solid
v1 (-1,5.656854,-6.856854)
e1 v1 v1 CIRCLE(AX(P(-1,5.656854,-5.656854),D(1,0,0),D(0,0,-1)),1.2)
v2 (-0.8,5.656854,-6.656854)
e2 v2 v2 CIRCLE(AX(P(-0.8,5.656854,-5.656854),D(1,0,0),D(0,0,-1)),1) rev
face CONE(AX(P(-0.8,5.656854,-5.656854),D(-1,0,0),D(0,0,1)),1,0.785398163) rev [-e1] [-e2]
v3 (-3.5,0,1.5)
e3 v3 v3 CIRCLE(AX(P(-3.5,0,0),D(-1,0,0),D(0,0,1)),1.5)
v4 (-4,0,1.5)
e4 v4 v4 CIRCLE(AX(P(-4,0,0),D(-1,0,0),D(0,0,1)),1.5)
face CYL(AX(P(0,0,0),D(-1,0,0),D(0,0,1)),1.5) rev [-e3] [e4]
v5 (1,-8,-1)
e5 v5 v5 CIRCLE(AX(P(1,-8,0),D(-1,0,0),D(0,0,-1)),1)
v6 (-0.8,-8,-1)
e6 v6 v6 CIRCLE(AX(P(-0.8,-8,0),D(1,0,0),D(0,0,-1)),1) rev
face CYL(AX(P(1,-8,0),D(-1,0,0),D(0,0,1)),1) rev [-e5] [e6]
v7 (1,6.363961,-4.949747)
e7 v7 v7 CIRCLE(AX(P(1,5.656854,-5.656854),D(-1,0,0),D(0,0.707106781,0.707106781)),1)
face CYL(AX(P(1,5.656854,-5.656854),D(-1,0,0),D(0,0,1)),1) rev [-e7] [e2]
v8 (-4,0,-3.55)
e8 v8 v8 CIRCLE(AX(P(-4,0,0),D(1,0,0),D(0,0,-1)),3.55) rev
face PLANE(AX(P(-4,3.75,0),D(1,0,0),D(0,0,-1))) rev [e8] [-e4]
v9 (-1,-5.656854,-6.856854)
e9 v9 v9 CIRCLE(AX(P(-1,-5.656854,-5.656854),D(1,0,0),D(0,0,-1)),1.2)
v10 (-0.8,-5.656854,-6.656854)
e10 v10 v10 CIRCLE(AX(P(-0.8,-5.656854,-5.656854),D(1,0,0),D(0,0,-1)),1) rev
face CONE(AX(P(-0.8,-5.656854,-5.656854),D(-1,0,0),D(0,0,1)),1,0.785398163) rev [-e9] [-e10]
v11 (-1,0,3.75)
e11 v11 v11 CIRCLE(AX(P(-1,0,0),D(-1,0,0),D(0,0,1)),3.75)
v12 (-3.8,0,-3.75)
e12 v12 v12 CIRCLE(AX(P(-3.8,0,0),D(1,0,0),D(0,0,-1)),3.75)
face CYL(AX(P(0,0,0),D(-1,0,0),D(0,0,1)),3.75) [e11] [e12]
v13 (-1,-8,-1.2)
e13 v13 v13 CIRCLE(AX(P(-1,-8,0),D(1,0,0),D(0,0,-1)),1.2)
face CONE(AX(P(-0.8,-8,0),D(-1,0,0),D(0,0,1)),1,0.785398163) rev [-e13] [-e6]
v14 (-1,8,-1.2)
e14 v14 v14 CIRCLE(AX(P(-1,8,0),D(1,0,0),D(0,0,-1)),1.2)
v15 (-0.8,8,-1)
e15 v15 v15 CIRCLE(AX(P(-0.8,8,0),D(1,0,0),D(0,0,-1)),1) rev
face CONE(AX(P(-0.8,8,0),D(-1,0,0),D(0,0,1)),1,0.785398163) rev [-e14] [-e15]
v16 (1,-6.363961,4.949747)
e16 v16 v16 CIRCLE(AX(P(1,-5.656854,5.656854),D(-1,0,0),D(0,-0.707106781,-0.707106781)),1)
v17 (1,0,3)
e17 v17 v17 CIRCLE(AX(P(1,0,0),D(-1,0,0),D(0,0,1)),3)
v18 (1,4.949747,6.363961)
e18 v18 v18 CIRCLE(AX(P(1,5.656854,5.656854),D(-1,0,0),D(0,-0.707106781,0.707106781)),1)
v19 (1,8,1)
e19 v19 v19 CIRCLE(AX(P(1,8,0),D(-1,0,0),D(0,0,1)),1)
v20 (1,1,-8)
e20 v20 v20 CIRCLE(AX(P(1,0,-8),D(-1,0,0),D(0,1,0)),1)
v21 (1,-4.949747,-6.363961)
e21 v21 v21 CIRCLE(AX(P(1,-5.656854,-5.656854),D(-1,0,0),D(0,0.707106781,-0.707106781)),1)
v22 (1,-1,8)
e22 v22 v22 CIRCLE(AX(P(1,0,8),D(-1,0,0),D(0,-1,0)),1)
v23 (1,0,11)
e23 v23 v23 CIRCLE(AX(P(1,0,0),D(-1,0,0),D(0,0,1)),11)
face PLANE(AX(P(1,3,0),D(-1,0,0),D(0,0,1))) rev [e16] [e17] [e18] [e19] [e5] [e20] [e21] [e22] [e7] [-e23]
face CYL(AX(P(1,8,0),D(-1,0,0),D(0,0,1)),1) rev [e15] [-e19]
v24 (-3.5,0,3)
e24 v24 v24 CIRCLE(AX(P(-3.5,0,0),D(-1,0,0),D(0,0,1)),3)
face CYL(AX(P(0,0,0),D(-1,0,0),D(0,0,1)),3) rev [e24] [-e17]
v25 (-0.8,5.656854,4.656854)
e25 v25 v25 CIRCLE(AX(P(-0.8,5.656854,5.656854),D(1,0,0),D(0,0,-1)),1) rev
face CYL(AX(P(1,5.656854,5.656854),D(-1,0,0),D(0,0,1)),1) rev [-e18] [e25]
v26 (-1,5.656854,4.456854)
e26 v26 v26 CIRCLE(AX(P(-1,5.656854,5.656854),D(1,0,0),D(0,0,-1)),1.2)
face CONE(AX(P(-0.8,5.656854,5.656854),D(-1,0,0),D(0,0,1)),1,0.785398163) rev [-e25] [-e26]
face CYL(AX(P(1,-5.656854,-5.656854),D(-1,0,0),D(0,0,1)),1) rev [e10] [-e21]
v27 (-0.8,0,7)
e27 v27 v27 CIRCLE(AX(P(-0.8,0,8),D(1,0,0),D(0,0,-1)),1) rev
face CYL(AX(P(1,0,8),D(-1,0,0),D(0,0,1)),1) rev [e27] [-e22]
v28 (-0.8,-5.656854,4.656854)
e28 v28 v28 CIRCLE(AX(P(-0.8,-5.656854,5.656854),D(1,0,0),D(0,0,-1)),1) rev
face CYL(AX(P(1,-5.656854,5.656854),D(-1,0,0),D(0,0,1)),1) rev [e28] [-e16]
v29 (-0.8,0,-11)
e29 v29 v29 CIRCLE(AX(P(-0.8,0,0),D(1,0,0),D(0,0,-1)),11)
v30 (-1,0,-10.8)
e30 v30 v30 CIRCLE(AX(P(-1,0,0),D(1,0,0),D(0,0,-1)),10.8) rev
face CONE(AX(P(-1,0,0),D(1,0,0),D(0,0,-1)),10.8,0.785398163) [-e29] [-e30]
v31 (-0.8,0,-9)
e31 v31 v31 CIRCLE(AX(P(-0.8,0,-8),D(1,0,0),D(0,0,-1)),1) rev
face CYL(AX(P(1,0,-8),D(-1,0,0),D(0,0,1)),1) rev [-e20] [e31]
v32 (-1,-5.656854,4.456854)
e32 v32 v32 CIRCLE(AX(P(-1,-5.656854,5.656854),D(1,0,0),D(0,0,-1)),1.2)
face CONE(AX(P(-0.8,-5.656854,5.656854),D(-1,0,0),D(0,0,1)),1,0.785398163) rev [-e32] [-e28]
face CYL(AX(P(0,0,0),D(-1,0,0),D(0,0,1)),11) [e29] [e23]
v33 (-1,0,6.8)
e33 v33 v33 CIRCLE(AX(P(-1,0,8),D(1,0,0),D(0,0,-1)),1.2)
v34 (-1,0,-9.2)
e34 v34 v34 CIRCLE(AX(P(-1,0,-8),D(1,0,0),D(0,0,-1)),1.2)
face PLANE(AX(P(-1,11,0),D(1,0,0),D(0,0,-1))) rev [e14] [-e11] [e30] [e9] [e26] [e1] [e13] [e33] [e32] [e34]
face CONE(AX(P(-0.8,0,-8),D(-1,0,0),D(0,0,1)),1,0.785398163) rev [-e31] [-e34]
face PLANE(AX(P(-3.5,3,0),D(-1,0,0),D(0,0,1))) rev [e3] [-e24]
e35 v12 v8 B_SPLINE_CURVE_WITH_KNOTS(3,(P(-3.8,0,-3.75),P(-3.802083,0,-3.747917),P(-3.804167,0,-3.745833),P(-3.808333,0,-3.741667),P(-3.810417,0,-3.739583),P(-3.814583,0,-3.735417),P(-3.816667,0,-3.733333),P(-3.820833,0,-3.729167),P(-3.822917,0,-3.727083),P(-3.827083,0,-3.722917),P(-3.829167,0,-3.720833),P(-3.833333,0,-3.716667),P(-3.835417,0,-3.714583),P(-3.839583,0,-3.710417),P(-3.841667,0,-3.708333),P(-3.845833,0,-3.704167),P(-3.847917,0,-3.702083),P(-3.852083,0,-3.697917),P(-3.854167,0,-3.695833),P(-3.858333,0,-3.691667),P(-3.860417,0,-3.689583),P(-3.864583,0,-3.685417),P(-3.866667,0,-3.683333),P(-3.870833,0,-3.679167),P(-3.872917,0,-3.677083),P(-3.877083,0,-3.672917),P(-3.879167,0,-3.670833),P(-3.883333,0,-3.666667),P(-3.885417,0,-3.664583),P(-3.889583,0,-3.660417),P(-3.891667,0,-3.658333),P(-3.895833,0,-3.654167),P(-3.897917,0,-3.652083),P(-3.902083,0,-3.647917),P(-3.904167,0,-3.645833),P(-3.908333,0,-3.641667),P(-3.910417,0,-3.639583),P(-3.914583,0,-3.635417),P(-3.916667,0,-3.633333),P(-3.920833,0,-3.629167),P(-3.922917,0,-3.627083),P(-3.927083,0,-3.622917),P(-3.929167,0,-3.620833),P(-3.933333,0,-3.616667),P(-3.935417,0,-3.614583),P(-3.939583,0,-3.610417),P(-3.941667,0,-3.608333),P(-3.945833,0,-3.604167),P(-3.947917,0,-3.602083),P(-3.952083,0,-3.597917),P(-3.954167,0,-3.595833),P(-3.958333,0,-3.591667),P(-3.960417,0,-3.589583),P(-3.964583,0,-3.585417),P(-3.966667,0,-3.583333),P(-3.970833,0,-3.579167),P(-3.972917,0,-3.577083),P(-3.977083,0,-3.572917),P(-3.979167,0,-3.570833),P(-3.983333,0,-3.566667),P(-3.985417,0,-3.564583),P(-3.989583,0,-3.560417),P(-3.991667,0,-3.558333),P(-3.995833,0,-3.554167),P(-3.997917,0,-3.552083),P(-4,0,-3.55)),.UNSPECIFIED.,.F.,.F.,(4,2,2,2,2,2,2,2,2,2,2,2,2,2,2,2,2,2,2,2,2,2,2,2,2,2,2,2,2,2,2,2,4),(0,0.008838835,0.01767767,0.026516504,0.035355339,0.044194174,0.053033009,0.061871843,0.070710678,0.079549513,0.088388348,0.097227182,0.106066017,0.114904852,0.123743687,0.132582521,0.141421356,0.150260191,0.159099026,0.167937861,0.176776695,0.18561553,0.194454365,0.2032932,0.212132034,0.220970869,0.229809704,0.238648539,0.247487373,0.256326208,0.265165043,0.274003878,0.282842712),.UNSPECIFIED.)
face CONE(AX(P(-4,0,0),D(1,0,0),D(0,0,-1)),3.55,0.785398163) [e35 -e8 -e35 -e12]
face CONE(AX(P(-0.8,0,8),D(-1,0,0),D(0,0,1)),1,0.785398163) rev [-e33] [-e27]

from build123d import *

# Parameters (mm, degrees)
SKETCH2_R          = 1
CUT_EXTRUDE1_DEPTH = 16.842979518
CIRPATTERN1_COUNT  = 8
CHAMFER1_SIZE      = 0.2


with BuildPart() as part:
    # Sketch1 → Revolve1 (revolve)
    with BuildSketch(Plane.XY, mode=Mode.PRIVATE) as revolve1_sk:
        Polygon((1, 11), (-1, 11), (-1, 3.75), (-4, 3.75), (-4, 1.5), (-3.5, 1.5), (-3.5, 3), (1, 3), align=None)
    revolve(revolve1_sk.sketch.rotate(Axis((0, 0, 0), (1, 0, 0)), 90), axis=Axis((0, 0, 0), (1, 0, 0)))

    # Sketch2 → Cut-Extrude1 (cut, through all)
    with BuildSketch(Plane.ZY.offset(1)):
        with Locations((0, 8)):
            Circle(SKETCH2_R)
    cut_extrude1 = extrude(amount=-CUT_EXTRUDE1_DEPTH, mode=Mode.SUBTRACT)

    # CirPattern1: Cut-Extrude1 ×8 about axis
    cirpattern1_axis = Axis((0, 0, 0), (1, 0, 0))
    for i in range(1, CIRPATTERN1_COUNT):
        add(cut_extrude1.rotate(cirpattern1_axis, i * 360 / CIRPATTERN1_COUNT), mode=Mode.SUBTRACT)

    # Chamfer1
    chamfer1_edges = [part.edges().sort_by_distance(p)[0] for p in [
        (-1, 8, -1),
        (-1, 4.949747468, -6.363961031),
        (-1, -1, -8),
        (-1, -6.363961031, -4.949747468),
        (-1, -8, 1),
        (-1, -4.949747468, 6.363961031),
        (-1, 1, 8),
        (-1, 6.363961031, 4.949747468),
        (-4, 0, -3.75),
        (-1, 0, -11),
    ]]
    chamfer(chamfer1_edges, length=CHAMFER1_SIZE)


solid = part.part
